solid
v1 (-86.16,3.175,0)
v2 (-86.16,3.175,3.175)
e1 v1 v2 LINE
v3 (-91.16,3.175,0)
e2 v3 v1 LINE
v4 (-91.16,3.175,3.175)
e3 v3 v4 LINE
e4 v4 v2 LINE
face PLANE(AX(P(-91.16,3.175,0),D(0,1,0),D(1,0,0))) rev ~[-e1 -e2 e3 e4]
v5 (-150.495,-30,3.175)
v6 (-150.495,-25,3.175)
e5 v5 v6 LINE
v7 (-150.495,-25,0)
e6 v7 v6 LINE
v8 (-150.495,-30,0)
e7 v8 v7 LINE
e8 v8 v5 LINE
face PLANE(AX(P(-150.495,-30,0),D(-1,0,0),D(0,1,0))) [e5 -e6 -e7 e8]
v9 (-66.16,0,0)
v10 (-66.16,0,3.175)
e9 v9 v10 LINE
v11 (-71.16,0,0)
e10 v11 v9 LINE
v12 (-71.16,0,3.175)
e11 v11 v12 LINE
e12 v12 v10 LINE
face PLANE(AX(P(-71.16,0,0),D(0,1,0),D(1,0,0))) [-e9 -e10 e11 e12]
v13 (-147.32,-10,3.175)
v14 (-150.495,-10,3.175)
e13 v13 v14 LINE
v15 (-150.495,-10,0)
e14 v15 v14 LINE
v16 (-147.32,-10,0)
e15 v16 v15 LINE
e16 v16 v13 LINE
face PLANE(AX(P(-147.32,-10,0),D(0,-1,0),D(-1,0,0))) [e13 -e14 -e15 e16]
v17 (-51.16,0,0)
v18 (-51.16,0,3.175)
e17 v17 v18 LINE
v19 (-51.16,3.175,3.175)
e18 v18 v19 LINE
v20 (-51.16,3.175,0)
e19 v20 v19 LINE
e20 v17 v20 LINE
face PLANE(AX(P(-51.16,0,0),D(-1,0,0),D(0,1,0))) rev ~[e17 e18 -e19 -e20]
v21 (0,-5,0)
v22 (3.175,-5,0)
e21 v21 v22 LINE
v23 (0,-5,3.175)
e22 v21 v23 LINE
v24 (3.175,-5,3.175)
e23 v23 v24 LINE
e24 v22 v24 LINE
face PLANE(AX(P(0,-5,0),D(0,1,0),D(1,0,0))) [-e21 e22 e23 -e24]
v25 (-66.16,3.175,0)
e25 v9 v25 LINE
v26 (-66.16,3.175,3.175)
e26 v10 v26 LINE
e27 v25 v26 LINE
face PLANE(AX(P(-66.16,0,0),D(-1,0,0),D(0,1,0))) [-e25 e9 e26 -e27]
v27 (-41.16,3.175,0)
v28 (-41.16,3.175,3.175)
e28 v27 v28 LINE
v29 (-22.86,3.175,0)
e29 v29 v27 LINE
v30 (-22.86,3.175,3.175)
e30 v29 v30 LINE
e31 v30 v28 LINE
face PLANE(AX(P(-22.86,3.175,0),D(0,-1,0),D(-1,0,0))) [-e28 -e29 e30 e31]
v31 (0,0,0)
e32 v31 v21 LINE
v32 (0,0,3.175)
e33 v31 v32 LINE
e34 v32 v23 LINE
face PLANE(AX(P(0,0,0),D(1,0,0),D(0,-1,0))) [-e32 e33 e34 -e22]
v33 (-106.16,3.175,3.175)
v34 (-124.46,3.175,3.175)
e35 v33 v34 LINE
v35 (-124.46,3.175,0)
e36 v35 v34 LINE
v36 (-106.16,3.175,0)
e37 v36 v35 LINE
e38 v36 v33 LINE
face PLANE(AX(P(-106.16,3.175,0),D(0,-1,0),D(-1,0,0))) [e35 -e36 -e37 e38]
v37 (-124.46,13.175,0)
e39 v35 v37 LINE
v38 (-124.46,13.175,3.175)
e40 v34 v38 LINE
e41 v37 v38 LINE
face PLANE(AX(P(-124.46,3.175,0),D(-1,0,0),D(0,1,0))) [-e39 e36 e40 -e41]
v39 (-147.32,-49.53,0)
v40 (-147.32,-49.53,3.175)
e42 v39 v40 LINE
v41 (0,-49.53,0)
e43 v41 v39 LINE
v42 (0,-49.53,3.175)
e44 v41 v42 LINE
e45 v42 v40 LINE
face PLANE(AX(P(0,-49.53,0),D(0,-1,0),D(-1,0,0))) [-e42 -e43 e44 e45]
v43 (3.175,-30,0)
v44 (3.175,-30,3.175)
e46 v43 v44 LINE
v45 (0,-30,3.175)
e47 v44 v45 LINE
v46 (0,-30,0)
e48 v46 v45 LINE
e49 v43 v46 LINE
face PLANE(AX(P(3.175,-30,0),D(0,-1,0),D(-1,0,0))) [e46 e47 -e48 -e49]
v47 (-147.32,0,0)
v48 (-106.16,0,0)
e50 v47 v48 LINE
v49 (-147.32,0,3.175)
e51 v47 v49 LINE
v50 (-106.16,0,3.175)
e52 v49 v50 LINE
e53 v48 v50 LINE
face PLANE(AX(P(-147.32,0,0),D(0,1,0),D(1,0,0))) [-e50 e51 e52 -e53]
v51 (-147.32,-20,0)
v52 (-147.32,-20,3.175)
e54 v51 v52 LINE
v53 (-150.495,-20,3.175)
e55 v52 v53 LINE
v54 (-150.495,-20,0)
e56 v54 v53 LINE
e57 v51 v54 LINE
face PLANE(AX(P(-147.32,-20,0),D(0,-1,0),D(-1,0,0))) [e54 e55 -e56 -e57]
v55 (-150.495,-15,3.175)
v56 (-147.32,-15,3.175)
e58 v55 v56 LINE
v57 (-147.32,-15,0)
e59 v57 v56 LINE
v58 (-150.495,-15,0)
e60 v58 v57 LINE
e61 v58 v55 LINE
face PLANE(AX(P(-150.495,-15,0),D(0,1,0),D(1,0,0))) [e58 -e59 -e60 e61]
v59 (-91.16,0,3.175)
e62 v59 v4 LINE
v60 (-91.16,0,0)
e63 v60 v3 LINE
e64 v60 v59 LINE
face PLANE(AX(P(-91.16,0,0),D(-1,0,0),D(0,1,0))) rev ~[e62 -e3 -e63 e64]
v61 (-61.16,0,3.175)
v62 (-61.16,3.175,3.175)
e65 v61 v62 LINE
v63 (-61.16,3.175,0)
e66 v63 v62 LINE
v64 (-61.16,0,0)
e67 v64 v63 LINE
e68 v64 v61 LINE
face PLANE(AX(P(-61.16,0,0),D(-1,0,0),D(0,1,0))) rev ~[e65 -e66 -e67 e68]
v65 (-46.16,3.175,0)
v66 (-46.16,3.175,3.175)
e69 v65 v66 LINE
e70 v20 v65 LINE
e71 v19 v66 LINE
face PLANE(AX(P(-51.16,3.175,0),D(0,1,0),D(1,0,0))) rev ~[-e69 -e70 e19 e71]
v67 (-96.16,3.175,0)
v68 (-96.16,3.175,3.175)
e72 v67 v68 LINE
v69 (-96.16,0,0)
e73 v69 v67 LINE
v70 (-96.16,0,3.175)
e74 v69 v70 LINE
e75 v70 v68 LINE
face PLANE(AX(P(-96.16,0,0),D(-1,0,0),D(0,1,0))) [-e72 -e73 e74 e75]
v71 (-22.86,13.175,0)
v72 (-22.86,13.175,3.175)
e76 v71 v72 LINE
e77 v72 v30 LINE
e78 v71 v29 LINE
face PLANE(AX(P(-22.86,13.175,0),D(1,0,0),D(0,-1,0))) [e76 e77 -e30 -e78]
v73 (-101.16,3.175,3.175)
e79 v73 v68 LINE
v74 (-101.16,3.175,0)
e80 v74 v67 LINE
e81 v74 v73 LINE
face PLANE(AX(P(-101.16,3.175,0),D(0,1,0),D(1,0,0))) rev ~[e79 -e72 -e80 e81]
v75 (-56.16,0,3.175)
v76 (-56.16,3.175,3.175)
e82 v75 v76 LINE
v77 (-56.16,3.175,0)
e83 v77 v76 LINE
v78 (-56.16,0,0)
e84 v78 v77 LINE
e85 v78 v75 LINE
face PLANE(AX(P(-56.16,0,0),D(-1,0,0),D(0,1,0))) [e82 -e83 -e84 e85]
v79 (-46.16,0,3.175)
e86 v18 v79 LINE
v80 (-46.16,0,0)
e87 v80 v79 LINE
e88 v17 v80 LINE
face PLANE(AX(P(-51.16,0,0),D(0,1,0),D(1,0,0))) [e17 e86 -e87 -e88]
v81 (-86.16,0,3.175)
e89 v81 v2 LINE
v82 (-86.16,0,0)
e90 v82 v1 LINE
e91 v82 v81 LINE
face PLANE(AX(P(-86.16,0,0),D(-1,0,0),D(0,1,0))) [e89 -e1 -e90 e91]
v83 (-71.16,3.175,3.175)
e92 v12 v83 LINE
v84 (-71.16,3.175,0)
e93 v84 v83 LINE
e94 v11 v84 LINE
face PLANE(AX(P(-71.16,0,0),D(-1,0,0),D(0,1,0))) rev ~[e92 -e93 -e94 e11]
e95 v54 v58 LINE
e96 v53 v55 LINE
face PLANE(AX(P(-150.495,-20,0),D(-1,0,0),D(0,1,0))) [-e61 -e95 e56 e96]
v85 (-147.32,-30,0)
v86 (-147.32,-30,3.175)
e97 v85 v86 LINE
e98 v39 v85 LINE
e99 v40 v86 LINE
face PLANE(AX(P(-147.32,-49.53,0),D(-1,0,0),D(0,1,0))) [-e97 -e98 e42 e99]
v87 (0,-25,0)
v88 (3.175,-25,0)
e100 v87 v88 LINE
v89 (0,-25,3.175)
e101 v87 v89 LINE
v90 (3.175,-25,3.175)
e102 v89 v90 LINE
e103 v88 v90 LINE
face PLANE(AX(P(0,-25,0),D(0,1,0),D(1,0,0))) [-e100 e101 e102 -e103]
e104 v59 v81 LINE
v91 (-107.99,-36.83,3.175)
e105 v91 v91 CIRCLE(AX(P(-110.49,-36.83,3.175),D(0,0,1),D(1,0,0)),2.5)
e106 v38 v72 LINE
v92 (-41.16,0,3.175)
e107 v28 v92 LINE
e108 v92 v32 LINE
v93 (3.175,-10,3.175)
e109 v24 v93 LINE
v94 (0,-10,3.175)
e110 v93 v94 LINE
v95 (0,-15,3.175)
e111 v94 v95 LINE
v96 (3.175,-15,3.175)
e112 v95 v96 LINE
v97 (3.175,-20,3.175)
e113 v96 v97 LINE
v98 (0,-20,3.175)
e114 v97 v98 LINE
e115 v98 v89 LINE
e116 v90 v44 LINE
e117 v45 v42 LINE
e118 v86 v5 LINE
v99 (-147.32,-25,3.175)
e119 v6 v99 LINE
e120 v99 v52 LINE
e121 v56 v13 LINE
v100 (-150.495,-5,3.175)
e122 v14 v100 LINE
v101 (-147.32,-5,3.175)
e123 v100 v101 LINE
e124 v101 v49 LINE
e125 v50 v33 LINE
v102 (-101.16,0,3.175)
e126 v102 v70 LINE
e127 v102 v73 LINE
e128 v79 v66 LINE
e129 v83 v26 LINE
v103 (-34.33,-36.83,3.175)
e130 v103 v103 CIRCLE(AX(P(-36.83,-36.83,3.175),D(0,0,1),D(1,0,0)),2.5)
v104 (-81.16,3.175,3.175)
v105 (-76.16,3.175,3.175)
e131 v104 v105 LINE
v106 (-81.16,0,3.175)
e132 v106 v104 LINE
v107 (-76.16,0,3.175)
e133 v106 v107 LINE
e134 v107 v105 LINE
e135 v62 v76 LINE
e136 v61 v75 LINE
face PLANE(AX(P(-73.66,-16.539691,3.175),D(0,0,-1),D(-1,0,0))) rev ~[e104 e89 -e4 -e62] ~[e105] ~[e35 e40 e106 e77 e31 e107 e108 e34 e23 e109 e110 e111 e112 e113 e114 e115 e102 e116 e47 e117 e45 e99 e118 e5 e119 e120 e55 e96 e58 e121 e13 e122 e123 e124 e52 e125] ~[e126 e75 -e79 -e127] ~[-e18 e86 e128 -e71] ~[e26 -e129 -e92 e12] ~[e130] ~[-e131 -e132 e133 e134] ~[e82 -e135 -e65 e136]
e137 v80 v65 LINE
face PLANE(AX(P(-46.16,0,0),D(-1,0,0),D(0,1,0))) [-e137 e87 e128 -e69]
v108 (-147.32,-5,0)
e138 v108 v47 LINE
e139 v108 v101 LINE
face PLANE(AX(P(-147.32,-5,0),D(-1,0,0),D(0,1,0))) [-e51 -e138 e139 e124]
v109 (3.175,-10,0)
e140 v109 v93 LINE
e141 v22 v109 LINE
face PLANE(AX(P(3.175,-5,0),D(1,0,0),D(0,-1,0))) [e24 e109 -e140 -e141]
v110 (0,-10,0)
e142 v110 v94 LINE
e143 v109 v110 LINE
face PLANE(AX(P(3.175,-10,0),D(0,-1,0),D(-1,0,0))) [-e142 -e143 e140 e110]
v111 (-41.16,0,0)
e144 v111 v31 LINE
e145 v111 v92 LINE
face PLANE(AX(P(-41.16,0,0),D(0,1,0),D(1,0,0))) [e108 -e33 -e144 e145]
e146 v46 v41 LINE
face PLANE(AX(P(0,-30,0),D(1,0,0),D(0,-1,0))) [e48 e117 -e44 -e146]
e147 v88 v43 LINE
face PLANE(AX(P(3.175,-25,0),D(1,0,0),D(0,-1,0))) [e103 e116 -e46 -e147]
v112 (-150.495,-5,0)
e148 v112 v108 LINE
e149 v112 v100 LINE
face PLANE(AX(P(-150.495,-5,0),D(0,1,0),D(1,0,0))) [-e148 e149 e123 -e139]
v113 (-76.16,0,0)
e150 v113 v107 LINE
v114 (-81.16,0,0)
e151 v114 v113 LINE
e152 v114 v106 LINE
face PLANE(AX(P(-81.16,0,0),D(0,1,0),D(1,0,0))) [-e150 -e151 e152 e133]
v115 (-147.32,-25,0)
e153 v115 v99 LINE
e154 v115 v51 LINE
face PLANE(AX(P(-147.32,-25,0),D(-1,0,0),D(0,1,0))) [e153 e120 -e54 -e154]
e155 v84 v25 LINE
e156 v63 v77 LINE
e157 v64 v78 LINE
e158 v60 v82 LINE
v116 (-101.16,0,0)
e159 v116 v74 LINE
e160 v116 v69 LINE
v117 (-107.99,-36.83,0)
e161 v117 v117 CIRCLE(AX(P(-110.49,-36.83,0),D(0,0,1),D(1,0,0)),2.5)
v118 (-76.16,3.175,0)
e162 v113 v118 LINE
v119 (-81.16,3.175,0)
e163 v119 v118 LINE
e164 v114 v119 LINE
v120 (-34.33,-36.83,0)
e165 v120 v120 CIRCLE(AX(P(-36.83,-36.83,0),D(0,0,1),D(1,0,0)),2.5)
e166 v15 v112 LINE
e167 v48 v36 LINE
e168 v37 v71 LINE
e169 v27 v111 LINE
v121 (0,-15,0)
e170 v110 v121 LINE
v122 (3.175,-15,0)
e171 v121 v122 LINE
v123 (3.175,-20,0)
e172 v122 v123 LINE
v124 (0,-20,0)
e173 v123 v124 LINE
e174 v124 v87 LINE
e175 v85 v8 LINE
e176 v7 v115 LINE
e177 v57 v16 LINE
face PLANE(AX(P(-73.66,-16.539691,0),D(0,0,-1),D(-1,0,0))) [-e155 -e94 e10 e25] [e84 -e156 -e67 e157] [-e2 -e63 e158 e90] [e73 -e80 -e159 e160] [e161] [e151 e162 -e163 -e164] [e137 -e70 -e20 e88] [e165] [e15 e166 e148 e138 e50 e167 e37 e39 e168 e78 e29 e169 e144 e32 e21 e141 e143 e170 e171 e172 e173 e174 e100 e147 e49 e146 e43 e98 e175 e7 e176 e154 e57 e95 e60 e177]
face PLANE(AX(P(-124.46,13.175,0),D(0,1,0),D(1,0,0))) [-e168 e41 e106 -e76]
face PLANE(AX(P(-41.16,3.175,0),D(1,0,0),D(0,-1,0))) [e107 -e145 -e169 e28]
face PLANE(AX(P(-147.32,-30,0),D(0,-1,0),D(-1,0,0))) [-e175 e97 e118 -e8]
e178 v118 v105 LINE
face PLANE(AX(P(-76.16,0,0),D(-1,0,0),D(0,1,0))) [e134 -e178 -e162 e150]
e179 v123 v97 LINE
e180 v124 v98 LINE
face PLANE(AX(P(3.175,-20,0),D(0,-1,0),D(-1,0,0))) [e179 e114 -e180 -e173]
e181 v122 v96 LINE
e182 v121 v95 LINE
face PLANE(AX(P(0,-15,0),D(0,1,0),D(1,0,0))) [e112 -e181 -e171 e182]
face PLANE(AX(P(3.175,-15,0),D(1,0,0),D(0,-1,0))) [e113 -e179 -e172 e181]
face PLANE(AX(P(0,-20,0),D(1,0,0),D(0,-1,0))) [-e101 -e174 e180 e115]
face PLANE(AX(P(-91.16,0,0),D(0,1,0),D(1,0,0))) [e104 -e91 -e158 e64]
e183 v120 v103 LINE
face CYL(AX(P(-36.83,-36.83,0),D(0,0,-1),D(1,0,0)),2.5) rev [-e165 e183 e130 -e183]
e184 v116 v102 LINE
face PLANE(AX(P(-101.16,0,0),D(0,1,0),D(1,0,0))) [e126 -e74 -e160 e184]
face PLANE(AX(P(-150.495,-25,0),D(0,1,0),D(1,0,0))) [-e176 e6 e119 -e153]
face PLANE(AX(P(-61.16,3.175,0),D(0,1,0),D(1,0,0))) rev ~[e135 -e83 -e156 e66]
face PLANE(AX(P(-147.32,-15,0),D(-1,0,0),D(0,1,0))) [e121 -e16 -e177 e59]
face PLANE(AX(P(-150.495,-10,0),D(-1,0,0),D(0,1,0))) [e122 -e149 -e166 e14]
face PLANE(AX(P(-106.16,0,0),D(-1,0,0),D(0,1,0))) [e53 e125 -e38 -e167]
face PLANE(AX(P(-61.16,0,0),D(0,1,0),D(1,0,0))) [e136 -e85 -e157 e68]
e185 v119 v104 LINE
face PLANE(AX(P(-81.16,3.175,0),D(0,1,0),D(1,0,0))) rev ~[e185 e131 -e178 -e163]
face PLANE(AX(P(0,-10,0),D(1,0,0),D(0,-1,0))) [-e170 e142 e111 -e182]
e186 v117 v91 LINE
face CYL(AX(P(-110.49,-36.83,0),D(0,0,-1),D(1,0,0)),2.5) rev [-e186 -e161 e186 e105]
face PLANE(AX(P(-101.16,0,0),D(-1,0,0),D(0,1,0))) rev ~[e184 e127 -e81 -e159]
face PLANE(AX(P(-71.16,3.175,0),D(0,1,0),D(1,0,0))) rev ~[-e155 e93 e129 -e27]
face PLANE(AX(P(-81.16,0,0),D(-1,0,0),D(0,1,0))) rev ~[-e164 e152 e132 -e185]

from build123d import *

# Parameters (mm, degrees)
SKETCH1_R           = 2.5
SKETCH1_W           = 5
SKETCH1_H           = 3.175
BOSS_EXTRUDE1_DEPTH = 3.175


with BuildPart() as part:
    # Sketch1 → Boss-Extrude1 (new body)
    with BuildSketch(Plane.XY):
        Polygon((-147.32, 0), (-106.16, 0), (-106.16, 3.175), (-124.46, 3.175), (-124.46, 13.175), (-22.86, 13.175), (-22.86, 3.175), (-41.16, 3.175), (-41.16, 0), (0, 0), (0, -5), (3.175, -5), (3.175, -10), (0, -10), (0, -15), (3.175, -15), (3.175, -20), (0, -20), (0, -25), (3.175, -25), (3.175, -30), (0, -30), (0, -49.53), (-147.32, -49.53), (-147.32, -30), (-150.495, -30), (-150.495, -25), (-147.32, -25), (-147.32, -20), (-150.495, -20), (-150.495, -15), (-147.32, -15), (-147.32, -10), (-150.495, -10), (-150.495, -5), (-147.32, -5), align=None)
        with Locations((-110.49, -36.83)):
            Circle(SKETCH1_R, mode=Mode.SUBTRACT)
        with Locations((-36.83, -36.83)):
            Circle(SKETCH1_R, mode=Mode.SUBTRACT)
        with Locations((-98.66, 1.5875)):
            Rectangle(SKETCH1_W, SKETCH1_H, mode=Mode.SUBTRACT)
        with Locations((-48.66, 1.5875)):
            Rectangle(SKETCH1_W, SKETCH1_H, mode=Mode.SUBTRACT)
        with Locations((-88.66, 1.5875)):
            Rectangle(SKETCH1_W, SKETCH1_H, mode=Mode.SUBTRACT)
        with Locations((-78.66, 1.5875)):
            Rectangle(SKETCH1_W, SKETCH1_H, mode=Mode.SUBTRACT)
        with Locations((-68.66, 1.5875)):
            Rectangle(SKETCH1_W, SKETCH1_H, mode=Mode.SUBTRACT)
        with Locations((-58.66, 1.5875)):
            Rectangle(SKETCH1_W, SKETCH1_H, mode=Mode.SUBTRACT)
    extrude(amount=BOSS_EXTRUDE1_DEPTH)


solid = part.part
